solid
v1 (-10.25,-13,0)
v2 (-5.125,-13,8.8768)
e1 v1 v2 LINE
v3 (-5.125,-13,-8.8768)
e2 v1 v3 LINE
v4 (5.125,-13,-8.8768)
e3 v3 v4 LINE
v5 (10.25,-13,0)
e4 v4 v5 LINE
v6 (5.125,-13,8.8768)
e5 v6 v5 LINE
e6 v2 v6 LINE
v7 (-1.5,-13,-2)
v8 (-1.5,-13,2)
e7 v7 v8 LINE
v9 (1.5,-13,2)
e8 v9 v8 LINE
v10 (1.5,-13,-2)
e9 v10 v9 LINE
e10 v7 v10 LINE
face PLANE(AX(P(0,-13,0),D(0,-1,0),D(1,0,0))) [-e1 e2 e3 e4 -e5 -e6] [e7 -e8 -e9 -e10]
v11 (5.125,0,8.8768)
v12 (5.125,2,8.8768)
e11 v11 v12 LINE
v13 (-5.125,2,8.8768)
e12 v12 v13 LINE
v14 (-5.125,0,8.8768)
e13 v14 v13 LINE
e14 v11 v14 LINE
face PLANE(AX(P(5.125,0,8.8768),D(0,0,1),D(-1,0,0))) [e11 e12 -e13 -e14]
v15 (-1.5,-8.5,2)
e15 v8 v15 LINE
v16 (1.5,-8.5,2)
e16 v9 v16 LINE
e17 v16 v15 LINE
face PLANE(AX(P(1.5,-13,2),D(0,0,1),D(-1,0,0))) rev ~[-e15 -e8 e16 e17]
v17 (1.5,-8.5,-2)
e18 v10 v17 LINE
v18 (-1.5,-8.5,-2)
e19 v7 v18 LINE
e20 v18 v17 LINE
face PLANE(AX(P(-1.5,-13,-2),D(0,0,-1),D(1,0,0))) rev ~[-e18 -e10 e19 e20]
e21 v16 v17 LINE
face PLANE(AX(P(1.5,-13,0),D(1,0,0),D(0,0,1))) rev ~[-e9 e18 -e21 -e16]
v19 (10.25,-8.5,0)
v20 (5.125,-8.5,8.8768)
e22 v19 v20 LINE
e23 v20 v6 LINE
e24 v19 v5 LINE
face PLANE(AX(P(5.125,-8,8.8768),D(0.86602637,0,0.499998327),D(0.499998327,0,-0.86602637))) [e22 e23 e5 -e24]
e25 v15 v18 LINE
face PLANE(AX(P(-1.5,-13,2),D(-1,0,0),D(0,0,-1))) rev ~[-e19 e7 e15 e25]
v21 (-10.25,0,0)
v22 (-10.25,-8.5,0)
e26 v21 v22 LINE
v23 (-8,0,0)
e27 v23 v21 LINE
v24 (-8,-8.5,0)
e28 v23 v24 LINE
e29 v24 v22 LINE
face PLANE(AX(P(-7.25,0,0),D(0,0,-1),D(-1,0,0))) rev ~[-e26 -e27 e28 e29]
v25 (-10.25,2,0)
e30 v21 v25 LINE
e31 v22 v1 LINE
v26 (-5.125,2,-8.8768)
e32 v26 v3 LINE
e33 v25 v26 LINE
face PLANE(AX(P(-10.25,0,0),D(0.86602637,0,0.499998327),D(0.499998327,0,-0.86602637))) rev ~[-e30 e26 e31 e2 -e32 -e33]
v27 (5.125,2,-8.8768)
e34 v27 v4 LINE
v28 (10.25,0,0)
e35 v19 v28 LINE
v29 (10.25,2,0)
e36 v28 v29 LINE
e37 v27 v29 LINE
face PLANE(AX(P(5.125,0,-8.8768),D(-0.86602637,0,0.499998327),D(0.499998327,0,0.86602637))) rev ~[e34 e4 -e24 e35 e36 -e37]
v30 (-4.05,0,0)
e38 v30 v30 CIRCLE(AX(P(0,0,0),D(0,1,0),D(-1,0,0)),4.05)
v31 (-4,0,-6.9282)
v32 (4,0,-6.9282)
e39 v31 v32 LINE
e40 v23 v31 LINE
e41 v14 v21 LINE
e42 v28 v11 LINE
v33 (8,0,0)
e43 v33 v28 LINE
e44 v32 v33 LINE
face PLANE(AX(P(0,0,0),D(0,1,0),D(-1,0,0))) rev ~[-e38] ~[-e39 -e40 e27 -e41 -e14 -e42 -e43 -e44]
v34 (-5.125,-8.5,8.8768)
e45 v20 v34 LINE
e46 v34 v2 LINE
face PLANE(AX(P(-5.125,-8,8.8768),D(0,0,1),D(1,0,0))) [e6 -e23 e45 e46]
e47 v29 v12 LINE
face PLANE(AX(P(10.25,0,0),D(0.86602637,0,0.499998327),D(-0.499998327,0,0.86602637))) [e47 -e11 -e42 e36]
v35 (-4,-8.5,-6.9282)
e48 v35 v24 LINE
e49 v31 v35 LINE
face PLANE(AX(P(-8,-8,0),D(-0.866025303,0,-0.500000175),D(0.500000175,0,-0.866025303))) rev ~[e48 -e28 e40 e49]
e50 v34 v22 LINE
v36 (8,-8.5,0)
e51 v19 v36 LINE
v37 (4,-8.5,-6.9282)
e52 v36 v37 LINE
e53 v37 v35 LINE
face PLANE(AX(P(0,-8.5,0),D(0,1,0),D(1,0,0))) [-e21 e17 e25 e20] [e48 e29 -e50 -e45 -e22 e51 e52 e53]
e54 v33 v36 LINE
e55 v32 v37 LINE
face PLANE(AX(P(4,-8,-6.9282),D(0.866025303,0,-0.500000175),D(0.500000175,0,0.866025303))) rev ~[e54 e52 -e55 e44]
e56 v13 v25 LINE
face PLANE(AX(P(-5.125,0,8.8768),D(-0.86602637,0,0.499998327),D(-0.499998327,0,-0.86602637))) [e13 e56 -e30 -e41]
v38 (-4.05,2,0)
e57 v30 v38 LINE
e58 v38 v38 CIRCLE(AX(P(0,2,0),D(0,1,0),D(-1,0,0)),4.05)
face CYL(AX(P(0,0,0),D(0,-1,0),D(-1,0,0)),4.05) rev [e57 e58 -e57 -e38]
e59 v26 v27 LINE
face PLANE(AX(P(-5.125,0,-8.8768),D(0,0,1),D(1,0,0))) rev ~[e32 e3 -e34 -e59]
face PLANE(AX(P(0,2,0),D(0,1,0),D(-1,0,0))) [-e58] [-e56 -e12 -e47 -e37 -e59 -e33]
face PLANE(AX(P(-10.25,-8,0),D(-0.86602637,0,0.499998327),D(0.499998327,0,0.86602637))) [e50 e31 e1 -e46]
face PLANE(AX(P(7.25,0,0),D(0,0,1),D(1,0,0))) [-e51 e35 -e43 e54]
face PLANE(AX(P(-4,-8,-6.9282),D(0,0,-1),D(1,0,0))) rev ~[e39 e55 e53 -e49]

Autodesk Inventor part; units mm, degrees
ref_plane "YZ Plane" through (0, 0, 0) normal (1, 0, 0) x (0, 1, 0)
ref_plane "XZ Plane" through (0, 0, 0) normal (0, 1, 0) x (-1, 0, 0)
ref_plane "XY Plane" through (0, 0, 0) normal (0, 0, 1) x (1, 0, 0)
sketch "Sketch1" plane through (0, 0, 0) normal (0, 1, 0) x (-1, 0, 0)
  circle A0 centre (0, 0) radius 4.05
  line L0 (0, 0) -> (7.25, 0)
  line L1 (7.25, 0) -> (3.625, -6.2787)
  line L2 (3.625, -6.2787) -> (-3.625, -6.2787)
  line L3 (-3.625, -6.2787) -> (-7.25, 0)
  line L4 (-7.25, 0) -> (-3.625, 6.2787)
  line L5 (-3.625, 6.2787) -> (3.625, 6.2787)
  line L6 (3.625, 6.2787) -> (7.25, 0)
  line L7 (7.25, 0) -> (10.25, 0)
  line L8 (10.25, 0) -> (5.125, -8.8768)
  line L9 (5.125, -8.8768) -> (-5.125, -8.8768)
  line L10 (-5.125, -8.8768) -> (-10.25, 0)
  line L11 (-10.25, 0) -> (-5.125, 8.8768)
  line L12 (-5.125, 8.8768) -> (5.125, 8.8768)
  line L13 (5.125, 8.8768) -> (10.25, 0)
  line L14 (-7.25, 0) -> (-10.25, 0)
  point P0 (0, 0)
  point P1 (-10.25, 0)
  dimension "d0" = 8.1
  dimension "d1" = 7.25
  dimension "d2" = 3
extrude "Extrusion1" add sketch "Sketch1" along normal blind 2
extrude "Extrusion2" add sketch "Sketch1" against normal blind 8 contours L7 L8 L9 L10 L14 L3 L2 L1
sketch "Sketch2" plane through (0, -8, 0) normal (0, -1, 0) x (1, 0, 0)
  circle A0 centre (0, 0) radius 4.05 projected
  line L0 (-10.25, 0) -> (-7.25, 0) projected
  line L1 (-7.25, 0) -> (-3.625, -6.2787) projected
  line L2 (-3.625, -6.2787) -> (3.625, -6.2787) projected
  line L3 (3.625, -6.2787) -> (7.25, 0) projected
  line L4 (7.25, 0) -> (10.25, 0) projected
  line L5 (5.125, 8.8768) -> (10.25, 0) projected
  line L6 (-5.125, 8.8768) -> (5.125, 8.8768) projected
  line L7 (-10.25, 0) -> (-5.125, 8.8768) projected
  line L8 (3.625, -6.2787) -> (-3.625, -6.2787) projected
  line L9 (-3.625, -6.2787) -> (-7.25, 0) projected
  line L10 (-7.25, 0) -> (-10.25, 0) projected
  line L11 (-10.25, 0) -> (-5.125, -8.8768) projected
  line L12 (-5.125, -8.8768) -> (5.125, -8.8768) projected
  line L13 (5.125, -8.8768) -> (10.25, 0) projected
  line L14 (10.25, 0) -> (7.25, 0) projected
  line L15 (7.25, 0) -> (3.625, -6.2787) projected
  line L16 (3.625, 6.2787) -> (-3.625, 6.2787) projected
  line L17 (-3.625, 6.2787) -> (-7.25, 0) projected
  line L18 (7.25, 0) -> (3.625, 6.2787) projected
extrude "Extrusion3" add sketch "Sketch2" along normal blind 5 contours A0 | L7 L6 L5 L4 L18 L16 L17 L0 | L0 L1 L2 L3 L4 L13 L12 L11 | L17 L16 L18 L3 L2 L1
sketch "Sketch3" plane through (0, -13, 0) normal (0, -1, 0) x (1, 0, 0)
  line L0 (0, 0) -> (1.5, 0)
  line L1 (1.5, 0) -> (-1.5, 0)
  line L2 (1.5, 0) -> (1.5, 2)
  line L3 (1.5, 2) -> (-1.5, 2)
  line L4 (-1.5, 2) -> (-1.5, -2)
  line L5 (-1.5, -2) -> (1.5, -2)
  line L6 (1.5, -2) -> (1.5, 0)
  line L7 (5.125, 8.8768) -> (-5.125, 8.8768) projected
  line L8 (-5.125, 8.8768) -> (-10.25, 0) projected
  line L9 (-10.25, 0) -> (-5.125, -8.8768) projected
  line L10 (-5.125, -8.8768) -> (5.125, -8.8768) projected
  line L11 (5.125, -8.8768) -> (10.25, 0) projected
  line L12 (10.25, 0) -> (5.125, 8.8768) projected
  dimension "d9" = 1.5
  dimension "d10" = 3
  dimension "d11" = 2
  dimension "d12" = 3
  dimension "d13" = 4
extrude "Extrusion4" cut sketch "Sketch3" against normal blind 4.5 contours L1 L4 L3 L2 L0 | L0 L6 L5 L4 L1
sketch "Sketch5" plane through (0, -8, 0) normal (0, 1, 0) x (1, 0, 0)
  circle A0 centre (0, 0) radius 4.05 projected
  line L0 (-10.25, 0) -> (-7.25, 0) projected
  line L1 (-7.25, 0) -> (-3.625, 6.2787) projected
  line L2 (-3.625, 6.2787) -> (3.625, 6.2787) projected
  line L3 (3.625, 6.2787) -> (7.25, 0) projected
  line L4 (7.25, 0) -> (10.25, 0) projected
  line L5 (5.125, -8.8768) -> (10.25, 0) projected
  line L6 (-5.125, -8.8768) -> (5.125, -8.8768) projected
  line L7 (-10.25, 0) -> (-5.125, -8.8768) projected
  line L8 (3.625, 6.2787) -> (-3.625, 6.2787) projected
  line L9 (3.625, 6.2787) -> (4, 6.9282)
  line L10 (4, 6.9282) -> (8, 0)
  line L11 (8, 0) -> (4, -6.9282)
  line L12 (4, -6.9282) -> (-4, -6.9282)
  line L13 (-4, -6.9282) -> (-8, 0)
  line L14 (-8, 0) -> (-4, 6.9282)
  line L15 (-4, 6.9282) -> (4, 6.9282)
  point P0 (8, 0)
  point P1 (-8, 0)
  dimension "d19" = 0.75
extrude "Extrusion6" cut sketch "Sketch5" along normal up to surface (8 mm away) contours L14 L15 L9 L2 L1 L0 | L10 L4 L3 L9
sketch "Sketch6" plane through (0, -8, 0) normal (0, 1, 0) x (1, 0, 0)
  line L0 (-8, 0) -> (-10.25, 0) projected
  line L1 (-5.125, -8.8768) -> (-10.25, 0) projected
  line L2 (5.125, -8.8768) -> (-5.125, -8.8768) projected
  line L3 (10.25, 0) -> (5.125, -8.8768) projected
  line L4 (10.25, 0) -> (8, 0) projected
  line L5 (8, 0) -> (4, 6.9282) projected
  line L6 (4, 6.9282) -> (-4, 6.9282) projected
  line L7 (-4, 6.9282) -> (-8, 0) projected
  point P0 (0, 0)
extrude "Extrusion7" cut sketch "Sketch6" against normal up to surface (0.5 mm away)
properties part number "encoder_magnet_socket"
